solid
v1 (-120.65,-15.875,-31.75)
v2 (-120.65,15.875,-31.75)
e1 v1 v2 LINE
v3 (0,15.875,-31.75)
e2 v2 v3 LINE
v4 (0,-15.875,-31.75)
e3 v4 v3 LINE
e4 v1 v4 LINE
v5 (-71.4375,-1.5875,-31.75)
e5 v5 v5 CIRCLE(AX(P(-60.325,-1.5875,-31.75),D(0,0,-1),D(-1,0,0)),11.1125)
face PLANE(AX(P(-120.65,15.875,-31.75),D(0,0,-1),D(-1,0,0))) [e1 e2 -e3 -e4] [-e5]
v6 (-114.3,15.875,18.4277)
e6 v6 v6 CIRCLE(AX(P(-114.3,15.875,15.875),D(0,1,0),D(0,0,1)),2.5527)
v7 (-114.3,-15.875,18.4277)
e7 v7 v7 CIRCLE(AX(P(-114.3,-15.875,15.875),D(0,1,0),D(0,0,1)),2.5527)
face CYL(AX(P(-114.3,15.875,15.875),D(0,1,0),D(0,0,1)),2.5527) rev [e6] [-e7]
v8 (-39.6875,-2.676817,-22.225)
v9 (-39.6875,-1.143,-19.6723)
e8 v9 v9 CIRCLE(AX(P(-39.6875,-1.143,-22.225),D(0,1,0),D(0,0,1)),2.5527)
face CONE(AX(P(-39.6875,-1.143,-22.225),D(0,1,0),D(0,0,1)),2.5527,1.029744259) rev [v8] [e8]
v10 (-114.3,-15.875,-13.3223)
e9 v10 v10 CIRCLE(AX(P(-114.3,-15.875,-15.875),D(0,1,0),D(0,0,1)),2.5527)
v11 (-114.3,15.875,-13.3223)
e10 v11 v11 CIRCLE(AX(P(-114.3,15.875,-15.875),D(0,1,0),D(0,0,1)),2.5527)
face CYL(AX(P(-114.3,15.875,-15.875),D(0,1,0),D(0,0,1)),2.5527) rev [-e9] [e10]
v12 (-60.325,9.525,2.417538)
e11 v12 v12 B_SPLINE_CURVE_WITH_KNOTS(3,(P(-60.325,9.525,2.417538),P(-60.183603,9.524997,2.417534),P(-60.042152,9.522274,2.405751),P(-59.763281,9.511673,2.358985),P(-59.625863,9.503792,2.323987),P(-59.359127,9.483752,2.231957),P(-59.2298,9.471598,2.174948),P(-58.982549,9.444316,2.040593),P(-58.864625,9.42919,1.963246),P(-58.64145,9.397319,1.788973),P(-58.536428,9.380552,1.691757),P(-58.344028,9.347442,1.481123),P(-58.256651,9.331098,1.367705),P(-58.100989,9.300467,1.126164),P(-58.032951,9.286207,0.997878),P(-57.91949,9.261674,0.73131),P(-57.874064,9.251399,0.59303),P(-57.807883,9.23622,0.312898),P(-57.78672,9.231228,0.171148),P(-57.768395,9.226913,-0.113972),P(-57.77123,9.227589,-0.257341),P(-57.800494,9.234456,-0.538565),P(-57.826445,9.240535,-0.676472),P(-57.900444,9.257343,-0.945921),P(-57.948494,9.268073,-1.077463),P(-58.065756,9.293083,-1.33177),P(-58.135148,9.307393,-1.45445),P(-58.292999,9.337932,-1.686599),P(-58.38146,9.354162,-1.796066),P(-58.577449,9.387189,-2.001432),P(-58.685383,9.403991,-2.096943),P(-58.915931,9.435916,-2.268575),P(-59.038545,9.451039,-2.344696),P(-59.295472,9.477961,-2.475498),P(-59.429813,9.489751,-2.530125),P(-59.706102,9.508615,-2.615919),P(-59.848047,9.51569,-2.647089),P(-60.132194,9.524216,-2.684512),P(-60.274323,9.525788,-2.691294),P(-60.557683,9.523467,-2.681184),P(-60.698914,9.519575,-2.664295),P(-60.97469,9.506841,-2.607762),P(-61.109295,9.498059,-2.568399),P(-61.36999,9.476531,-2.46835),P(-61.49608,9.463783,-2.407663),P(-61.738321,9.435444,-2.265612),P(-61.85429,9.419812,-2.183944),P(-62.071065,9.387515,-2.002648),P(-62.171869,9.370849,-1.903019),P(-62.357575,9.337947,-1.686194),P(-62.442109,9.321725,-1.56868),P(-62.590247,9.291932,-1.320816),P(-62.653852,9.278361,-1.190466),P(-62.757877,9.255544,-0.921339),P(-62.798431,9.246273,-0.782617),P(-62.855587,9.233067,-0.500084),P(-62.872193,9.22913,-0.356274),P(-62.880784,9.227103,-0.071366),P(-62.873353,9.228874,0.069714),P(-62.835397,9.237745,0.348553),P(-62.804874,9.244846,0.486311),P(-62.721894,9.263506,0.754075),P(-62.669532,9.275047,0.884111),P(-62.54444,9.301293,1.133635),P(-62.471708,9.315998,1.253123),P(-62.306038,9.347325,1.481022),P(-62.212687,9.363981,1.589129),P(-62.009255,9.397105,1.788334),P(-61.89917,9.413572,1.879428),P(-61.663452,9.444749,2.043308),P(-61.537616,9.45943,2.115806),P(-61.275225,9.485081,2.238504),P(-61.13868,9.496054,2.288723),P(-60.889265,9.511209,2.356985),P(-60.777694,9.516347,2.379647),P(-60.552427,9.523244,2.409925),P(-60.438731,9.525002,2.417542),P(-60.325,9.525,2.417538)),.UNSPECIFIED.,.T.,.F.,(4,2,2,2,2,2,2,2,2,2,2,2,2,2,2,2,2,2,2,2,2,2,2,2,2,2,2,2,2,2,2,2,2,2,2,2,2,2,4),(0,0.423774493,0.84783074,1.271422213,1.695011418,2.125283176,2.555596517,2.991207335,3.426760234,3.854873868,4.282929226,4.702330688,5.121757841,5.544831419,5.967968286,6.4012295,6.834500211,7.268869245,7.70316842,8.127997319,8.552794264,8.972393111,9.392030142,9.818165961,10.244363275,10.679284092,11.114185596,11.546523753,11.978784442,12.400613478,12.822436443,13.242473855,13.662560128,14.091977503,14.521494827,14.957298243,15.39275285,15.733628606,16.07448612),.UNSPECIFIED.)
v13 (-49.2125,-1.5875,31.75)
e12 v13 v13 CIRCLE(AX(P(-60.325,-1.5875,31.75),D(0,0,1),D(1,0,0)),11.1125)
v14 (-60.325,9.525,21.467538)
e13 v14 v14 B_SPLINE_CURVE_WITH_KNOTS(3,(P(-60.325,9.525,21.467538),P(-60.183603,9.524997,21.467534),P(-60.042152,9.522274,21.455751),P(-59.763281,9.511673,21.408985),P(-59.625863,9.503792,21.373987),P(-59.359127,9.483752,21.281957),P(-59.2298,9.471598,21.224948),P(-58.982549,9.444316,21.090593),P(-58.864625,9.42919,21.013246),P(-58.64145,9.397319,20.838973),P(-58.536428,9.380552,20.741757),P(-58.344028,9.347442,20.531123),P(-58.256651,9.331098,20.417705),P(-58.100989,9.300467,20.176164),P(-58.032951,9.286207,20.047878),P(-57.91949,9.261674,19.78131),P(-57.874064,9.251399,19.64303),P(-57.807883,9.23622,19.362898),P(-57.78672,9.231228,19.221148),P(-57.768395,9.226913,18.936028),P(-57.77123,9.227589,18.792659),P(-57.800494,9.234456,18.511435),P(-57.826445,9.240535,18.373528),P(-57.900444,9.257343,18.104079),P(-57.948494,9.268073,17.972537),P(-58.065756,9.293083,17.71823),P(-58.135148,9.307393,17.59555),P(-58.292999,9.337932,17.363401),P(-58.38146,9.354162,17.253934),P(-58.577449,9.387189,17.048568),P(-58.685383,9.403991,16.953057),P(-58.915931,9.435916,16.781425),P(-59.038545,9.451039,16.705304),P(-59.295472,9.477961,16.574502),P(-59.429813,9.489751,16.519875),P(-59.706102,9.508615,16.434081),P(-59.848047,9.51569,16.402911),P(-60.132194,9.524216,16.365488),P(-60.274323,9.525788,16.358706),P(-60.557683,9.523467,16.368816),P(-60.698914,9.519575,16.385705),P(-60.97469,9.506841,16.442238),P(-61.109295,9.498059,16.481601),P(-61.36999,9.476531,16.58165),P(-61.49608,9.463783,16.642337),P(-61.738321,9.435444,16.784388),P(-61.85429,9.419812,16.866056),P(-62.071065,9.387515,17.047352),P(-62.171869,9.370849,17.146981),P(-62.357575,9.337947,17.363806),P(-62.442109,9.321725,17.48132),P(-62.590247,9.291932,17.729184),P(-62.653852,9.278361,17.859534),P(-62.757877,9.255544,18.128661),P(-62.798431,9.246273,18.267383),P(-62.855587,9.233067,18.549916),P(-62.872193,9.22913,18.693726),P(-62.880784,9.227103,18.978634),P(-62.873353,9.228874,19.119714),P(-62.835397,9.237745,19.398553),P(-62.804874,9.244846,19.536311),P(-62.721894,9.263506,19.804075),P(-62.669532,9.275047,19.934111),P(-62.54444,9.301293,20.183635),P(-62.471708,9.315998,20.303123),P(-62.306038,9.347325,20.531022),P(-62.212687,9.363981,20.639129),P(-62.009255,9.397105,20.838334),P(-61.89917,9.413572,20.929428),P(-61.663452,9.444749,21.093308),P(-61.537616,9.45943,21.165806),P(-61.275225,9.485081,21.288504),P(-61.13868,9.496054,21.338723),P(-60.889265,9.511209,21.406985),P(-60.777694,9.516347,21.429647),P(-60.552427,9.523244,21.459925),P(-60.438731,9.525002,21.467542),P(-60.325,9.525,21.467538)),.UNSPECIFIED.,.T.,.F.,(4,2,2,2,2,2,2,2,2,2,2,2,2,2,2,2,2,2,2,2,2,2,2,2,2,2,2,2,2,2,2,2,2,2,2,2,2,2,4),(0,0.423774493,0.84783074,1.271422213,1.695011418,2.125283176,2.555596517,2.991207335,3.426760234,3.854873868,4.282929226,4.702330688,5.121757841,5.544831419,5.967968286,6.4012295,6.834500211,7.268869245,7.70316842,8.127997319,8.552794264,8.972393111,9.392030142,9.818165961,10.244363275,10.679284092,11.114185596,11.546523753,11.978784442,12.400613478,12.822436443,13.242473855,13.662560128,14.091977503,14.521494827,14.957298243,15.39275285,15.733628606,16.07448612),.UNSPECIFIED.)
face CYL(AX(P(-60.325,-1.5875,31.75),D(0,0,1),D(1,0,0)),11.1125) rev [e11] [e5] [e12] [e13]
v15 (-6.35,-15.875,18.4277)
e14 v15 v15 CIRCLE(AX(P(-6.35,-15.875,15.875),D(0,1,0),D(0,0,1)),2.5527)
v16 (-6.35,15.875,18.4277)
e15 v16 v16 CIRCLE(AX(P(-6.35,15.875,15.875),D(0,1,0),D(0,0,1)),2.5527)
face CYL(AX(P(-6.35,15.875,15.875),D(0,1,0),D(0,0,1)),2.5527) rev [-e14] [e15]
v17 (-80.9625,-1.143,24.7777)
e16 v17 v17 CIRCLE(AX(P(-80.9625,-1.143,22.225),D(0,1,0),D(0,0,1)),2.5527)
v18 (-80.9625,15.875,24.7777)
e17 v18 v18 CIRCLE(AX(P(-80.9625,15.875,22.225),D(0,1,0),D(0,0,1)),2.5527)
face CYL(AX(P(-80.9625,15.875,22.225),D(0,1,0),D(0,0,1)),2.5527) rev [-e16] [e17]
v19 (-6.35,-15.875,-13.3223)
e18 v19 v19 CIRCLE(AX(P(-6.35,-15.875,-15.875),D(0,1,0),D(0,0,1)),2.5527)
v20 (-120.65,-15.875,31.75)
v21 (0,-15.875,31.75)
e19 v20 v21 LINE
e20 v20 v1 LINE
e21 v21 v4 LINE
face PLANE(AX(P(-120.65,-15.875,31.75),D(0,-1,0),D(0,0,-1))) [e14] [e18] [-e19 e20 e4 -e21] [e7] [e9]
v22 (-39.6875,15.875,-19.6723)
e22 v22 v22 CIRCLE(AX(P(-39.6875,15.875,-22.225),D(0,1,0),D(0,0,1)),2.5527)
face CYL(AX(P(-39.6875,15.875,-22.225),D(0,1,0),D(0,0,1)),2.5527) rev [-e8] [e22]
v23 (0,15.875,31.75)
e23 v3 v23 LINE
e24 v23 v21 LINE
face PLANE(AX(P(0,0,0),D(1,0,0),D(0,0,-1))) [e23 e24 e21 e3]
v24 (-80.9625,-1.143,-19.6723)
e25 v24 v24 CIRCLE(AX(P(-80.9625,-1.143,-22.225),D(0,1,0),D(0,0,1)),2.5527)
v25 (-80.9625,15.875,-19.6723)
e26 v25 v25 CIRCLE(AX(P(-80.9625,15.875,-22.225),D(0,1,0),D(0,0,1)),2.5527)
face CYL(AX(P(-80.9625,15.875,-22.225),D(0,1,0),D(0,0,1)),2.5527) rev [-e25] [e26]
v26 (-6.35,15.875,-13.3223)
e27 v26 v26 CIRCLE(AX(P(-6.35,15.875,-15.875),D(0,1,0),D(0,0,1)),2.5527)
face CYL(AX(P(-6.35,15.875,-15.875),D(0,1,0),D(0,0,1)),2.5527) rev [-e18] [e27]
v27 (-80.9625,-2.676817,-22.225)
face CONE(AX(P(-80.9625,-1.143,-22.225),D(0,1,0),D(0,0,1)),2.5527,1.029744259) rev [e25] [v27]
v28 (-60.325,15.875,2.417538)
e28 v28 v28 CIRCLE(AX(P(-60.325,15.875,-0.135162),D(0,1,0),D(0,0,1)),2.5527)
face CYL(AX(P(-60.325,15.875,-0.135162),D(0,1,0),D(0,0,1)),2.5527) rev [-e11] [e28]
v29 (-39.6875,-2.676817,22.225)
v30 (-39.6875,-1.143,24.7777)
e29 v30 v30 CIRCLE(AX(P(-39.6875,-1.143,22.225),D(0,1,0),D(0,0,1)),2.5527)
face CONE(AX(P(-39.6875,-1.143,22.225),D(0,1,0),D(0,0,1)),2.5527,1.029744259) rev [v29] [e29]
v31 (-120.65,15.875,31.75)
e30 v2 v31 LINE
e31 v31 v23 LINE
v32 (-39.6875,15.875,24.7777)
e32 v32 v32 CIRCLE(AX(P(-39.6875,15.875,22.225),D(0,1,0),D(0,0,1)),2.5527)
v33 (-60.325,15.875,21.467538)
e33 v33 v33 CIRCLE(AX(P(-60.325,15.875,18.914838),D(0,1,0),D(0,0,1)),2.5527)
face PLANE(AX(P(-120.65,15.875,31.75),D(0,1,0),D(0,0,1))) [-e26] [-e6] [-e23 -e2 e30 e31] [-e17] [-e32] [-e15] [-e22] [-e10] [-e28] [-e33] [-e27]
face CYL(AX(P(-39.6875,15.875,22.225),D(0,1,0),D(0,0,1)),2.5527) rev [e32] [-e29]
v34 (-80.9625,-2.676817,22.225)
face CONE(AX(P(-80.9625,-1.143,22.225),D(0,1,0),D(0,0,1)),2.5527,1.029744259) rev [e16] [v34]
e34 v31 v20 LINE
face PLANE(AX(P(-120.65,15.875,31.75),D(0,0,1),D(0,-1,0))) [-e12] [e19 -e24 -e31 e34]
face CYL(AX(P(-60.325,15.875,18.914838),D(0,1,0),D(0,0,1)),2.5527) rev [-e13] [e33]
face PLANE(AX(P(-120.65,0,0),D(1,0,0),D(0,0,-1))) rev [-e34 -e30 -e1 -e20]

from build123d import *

# Parameters (mm, degrees)
SKETCH1_W                              = 63.5
SKETCH1_H                              = 31.75
BOSS_EXTRUDE1_DEPTH                    = 120.65
HOLE1_D                                = 22.225
TAPPED_HOLE_FOR_10_32_HELICOIL3_REACH  = 120.859
TAPPED_HOLE_FOR_10_32_HELICOIL3_BORE_R = 2.5527
TAPPED_HOLE_FOR_10_32_HELICOIL4_D      = 5.1054
TAPPED_HOLE_FOR_10_32_HELICOIL5_D      = 5.1054
TAPPED_HOLE_FOR_10_32_HELICOIL5_DEPTH  = 17.018
TAPPED_HOLE_FOR_10_32_HELICOIL5_TIP    = 1.533816902


with BuildPart() as part:
    # Sketch1 → Boss-Extrude1 (new body)
    with BuildSketch(Plane(origin=(0, 0, 0), x_dir=(0, 0, -1), z_dir=(1, 0, 0))):
        Rectangle(SKETCH1_W, SKETCH1_H)
    extrude(amount=-BOSS_EXTRUDE1_DEPTH)

    # Hole1 (through all)
    with Locations(Plane.XY.offset(31.75)):
        with Locations((-60.325, -1.5875)):
            Hole(HOLE1_D / 2)

    # Tapped Hole for #10-32 Helicoil3 bore → Tapped Hole for #10-32 Helicoil3 (cut, up to next)
    with BuildSketch(Plane(origin=(-13.662401891, 15.875, 9.153963567), x_dir=(1, 0, 0), z_dir=(0, 1, 0)), mode=Mode.PRIVATE) as tapped_hole_for_10_32_helicoil3_sk1:
        with Locations((-46.662598109, 9.289125094)):
            Circle(TAPPED_HOLE_FOR_10_32_HELICOIL3_BORE_R)
    tapped_hole_for_10_32_helicoil3_tool1 = extrude(tapped_hole_for_10_32_helicoil3_sk1.sketch, amount=-TAPPED_HOLE_FOR_10_32_HELICOIL3_REACH, mode=Mode.PRIVATE) & part.part
    # Tapped Hole for #10-32 Helicoil3 bore → Tapped Hole for #10-32 Helicoil3 (cut, up to next)
    with BuildSketch(Plane(origin=(-13.662401891, 15.875, 9.153963567), x_dir=(1, 0, 0), z_dir=(0, 1, 0)), mode=Mode.PRIVATE) as tapped_hole_for_10_32_helicoil3_sk2:
        with Locations((-46.662598109, -9.760874906)):
            Circle(TAPPED_HOLE_FOR_10_32_HELICOIL3_BORE_R)
    tapped_hole_for_10_32_helicoil3_tool2 = extrude(tapped_hole_for_10_32_helicoil3_sk2.sketch, amount=-TAPPED_HOLE_FOR_10_32_HELICOIL3_REACH, mode=Mode.PRIVATE) & part.part
    add(tapped_hole_for_10_32_helicoil3_tool1.solids().sort_by_distance((-60.325, 15.875, -0.135162))[0], mode=Mode.SUBTRACT)
    add(tapped_hole_for_10_32_helicoil3_tool2.solids().sort_by_distance((-60.325, 15.875, 18.914838))[0], mode=Mode.SUBTRACT)

    # Tapped Hole for #10-32 Helicoil4 (through all)
    with Locations(Plane(origin=(0, 15.875, 0), x_dir=(1, 0, 0), z_dir=(0, 1, 0))):
        with Locations((-114.3, 15.875), (-114.3, -15.875), (-6.35, -15.875), (-6.35, 15.875)):
            Hole(TAPPED_HOLE_FOR_10_32_HELICOIL4_D / 2)

    # Tapped Hole for #10-32 Helicoil5
    with Locations(Plane(origin=(0, 15.875, 0), x_dir=(1, 0, 0), z_dir=(0, 1, 0))):
        with Locations((-80.9625, 22.225), (-39.6875, -22.225), (-80.9625, -22.225), (-39.6875, 22.225)):
            Hole(TAPPED_HOLE_FOR_10_32_HELICOIL5_D / 2, depth=TAPPED_HOLE_FOR_10_32_HELICOIL5_DEPTH)
            with Locations((0, 0, -(TAPPED_HOLE_FOR_10_32_HELICOIL5_DEPTH + TAPPED_HOLE_FOR_10_32_HELICOIL5_TIP / 2))):  # 118° drill point
                Cone(0, TAPPED_HOLE_FOR_10_32_HELICOIL5_D / 2, TAPPED_HOLE_FOR_10_32_HELICOIL5_TIP, mode=Mode.SUBTRACT)


solid = part.part
